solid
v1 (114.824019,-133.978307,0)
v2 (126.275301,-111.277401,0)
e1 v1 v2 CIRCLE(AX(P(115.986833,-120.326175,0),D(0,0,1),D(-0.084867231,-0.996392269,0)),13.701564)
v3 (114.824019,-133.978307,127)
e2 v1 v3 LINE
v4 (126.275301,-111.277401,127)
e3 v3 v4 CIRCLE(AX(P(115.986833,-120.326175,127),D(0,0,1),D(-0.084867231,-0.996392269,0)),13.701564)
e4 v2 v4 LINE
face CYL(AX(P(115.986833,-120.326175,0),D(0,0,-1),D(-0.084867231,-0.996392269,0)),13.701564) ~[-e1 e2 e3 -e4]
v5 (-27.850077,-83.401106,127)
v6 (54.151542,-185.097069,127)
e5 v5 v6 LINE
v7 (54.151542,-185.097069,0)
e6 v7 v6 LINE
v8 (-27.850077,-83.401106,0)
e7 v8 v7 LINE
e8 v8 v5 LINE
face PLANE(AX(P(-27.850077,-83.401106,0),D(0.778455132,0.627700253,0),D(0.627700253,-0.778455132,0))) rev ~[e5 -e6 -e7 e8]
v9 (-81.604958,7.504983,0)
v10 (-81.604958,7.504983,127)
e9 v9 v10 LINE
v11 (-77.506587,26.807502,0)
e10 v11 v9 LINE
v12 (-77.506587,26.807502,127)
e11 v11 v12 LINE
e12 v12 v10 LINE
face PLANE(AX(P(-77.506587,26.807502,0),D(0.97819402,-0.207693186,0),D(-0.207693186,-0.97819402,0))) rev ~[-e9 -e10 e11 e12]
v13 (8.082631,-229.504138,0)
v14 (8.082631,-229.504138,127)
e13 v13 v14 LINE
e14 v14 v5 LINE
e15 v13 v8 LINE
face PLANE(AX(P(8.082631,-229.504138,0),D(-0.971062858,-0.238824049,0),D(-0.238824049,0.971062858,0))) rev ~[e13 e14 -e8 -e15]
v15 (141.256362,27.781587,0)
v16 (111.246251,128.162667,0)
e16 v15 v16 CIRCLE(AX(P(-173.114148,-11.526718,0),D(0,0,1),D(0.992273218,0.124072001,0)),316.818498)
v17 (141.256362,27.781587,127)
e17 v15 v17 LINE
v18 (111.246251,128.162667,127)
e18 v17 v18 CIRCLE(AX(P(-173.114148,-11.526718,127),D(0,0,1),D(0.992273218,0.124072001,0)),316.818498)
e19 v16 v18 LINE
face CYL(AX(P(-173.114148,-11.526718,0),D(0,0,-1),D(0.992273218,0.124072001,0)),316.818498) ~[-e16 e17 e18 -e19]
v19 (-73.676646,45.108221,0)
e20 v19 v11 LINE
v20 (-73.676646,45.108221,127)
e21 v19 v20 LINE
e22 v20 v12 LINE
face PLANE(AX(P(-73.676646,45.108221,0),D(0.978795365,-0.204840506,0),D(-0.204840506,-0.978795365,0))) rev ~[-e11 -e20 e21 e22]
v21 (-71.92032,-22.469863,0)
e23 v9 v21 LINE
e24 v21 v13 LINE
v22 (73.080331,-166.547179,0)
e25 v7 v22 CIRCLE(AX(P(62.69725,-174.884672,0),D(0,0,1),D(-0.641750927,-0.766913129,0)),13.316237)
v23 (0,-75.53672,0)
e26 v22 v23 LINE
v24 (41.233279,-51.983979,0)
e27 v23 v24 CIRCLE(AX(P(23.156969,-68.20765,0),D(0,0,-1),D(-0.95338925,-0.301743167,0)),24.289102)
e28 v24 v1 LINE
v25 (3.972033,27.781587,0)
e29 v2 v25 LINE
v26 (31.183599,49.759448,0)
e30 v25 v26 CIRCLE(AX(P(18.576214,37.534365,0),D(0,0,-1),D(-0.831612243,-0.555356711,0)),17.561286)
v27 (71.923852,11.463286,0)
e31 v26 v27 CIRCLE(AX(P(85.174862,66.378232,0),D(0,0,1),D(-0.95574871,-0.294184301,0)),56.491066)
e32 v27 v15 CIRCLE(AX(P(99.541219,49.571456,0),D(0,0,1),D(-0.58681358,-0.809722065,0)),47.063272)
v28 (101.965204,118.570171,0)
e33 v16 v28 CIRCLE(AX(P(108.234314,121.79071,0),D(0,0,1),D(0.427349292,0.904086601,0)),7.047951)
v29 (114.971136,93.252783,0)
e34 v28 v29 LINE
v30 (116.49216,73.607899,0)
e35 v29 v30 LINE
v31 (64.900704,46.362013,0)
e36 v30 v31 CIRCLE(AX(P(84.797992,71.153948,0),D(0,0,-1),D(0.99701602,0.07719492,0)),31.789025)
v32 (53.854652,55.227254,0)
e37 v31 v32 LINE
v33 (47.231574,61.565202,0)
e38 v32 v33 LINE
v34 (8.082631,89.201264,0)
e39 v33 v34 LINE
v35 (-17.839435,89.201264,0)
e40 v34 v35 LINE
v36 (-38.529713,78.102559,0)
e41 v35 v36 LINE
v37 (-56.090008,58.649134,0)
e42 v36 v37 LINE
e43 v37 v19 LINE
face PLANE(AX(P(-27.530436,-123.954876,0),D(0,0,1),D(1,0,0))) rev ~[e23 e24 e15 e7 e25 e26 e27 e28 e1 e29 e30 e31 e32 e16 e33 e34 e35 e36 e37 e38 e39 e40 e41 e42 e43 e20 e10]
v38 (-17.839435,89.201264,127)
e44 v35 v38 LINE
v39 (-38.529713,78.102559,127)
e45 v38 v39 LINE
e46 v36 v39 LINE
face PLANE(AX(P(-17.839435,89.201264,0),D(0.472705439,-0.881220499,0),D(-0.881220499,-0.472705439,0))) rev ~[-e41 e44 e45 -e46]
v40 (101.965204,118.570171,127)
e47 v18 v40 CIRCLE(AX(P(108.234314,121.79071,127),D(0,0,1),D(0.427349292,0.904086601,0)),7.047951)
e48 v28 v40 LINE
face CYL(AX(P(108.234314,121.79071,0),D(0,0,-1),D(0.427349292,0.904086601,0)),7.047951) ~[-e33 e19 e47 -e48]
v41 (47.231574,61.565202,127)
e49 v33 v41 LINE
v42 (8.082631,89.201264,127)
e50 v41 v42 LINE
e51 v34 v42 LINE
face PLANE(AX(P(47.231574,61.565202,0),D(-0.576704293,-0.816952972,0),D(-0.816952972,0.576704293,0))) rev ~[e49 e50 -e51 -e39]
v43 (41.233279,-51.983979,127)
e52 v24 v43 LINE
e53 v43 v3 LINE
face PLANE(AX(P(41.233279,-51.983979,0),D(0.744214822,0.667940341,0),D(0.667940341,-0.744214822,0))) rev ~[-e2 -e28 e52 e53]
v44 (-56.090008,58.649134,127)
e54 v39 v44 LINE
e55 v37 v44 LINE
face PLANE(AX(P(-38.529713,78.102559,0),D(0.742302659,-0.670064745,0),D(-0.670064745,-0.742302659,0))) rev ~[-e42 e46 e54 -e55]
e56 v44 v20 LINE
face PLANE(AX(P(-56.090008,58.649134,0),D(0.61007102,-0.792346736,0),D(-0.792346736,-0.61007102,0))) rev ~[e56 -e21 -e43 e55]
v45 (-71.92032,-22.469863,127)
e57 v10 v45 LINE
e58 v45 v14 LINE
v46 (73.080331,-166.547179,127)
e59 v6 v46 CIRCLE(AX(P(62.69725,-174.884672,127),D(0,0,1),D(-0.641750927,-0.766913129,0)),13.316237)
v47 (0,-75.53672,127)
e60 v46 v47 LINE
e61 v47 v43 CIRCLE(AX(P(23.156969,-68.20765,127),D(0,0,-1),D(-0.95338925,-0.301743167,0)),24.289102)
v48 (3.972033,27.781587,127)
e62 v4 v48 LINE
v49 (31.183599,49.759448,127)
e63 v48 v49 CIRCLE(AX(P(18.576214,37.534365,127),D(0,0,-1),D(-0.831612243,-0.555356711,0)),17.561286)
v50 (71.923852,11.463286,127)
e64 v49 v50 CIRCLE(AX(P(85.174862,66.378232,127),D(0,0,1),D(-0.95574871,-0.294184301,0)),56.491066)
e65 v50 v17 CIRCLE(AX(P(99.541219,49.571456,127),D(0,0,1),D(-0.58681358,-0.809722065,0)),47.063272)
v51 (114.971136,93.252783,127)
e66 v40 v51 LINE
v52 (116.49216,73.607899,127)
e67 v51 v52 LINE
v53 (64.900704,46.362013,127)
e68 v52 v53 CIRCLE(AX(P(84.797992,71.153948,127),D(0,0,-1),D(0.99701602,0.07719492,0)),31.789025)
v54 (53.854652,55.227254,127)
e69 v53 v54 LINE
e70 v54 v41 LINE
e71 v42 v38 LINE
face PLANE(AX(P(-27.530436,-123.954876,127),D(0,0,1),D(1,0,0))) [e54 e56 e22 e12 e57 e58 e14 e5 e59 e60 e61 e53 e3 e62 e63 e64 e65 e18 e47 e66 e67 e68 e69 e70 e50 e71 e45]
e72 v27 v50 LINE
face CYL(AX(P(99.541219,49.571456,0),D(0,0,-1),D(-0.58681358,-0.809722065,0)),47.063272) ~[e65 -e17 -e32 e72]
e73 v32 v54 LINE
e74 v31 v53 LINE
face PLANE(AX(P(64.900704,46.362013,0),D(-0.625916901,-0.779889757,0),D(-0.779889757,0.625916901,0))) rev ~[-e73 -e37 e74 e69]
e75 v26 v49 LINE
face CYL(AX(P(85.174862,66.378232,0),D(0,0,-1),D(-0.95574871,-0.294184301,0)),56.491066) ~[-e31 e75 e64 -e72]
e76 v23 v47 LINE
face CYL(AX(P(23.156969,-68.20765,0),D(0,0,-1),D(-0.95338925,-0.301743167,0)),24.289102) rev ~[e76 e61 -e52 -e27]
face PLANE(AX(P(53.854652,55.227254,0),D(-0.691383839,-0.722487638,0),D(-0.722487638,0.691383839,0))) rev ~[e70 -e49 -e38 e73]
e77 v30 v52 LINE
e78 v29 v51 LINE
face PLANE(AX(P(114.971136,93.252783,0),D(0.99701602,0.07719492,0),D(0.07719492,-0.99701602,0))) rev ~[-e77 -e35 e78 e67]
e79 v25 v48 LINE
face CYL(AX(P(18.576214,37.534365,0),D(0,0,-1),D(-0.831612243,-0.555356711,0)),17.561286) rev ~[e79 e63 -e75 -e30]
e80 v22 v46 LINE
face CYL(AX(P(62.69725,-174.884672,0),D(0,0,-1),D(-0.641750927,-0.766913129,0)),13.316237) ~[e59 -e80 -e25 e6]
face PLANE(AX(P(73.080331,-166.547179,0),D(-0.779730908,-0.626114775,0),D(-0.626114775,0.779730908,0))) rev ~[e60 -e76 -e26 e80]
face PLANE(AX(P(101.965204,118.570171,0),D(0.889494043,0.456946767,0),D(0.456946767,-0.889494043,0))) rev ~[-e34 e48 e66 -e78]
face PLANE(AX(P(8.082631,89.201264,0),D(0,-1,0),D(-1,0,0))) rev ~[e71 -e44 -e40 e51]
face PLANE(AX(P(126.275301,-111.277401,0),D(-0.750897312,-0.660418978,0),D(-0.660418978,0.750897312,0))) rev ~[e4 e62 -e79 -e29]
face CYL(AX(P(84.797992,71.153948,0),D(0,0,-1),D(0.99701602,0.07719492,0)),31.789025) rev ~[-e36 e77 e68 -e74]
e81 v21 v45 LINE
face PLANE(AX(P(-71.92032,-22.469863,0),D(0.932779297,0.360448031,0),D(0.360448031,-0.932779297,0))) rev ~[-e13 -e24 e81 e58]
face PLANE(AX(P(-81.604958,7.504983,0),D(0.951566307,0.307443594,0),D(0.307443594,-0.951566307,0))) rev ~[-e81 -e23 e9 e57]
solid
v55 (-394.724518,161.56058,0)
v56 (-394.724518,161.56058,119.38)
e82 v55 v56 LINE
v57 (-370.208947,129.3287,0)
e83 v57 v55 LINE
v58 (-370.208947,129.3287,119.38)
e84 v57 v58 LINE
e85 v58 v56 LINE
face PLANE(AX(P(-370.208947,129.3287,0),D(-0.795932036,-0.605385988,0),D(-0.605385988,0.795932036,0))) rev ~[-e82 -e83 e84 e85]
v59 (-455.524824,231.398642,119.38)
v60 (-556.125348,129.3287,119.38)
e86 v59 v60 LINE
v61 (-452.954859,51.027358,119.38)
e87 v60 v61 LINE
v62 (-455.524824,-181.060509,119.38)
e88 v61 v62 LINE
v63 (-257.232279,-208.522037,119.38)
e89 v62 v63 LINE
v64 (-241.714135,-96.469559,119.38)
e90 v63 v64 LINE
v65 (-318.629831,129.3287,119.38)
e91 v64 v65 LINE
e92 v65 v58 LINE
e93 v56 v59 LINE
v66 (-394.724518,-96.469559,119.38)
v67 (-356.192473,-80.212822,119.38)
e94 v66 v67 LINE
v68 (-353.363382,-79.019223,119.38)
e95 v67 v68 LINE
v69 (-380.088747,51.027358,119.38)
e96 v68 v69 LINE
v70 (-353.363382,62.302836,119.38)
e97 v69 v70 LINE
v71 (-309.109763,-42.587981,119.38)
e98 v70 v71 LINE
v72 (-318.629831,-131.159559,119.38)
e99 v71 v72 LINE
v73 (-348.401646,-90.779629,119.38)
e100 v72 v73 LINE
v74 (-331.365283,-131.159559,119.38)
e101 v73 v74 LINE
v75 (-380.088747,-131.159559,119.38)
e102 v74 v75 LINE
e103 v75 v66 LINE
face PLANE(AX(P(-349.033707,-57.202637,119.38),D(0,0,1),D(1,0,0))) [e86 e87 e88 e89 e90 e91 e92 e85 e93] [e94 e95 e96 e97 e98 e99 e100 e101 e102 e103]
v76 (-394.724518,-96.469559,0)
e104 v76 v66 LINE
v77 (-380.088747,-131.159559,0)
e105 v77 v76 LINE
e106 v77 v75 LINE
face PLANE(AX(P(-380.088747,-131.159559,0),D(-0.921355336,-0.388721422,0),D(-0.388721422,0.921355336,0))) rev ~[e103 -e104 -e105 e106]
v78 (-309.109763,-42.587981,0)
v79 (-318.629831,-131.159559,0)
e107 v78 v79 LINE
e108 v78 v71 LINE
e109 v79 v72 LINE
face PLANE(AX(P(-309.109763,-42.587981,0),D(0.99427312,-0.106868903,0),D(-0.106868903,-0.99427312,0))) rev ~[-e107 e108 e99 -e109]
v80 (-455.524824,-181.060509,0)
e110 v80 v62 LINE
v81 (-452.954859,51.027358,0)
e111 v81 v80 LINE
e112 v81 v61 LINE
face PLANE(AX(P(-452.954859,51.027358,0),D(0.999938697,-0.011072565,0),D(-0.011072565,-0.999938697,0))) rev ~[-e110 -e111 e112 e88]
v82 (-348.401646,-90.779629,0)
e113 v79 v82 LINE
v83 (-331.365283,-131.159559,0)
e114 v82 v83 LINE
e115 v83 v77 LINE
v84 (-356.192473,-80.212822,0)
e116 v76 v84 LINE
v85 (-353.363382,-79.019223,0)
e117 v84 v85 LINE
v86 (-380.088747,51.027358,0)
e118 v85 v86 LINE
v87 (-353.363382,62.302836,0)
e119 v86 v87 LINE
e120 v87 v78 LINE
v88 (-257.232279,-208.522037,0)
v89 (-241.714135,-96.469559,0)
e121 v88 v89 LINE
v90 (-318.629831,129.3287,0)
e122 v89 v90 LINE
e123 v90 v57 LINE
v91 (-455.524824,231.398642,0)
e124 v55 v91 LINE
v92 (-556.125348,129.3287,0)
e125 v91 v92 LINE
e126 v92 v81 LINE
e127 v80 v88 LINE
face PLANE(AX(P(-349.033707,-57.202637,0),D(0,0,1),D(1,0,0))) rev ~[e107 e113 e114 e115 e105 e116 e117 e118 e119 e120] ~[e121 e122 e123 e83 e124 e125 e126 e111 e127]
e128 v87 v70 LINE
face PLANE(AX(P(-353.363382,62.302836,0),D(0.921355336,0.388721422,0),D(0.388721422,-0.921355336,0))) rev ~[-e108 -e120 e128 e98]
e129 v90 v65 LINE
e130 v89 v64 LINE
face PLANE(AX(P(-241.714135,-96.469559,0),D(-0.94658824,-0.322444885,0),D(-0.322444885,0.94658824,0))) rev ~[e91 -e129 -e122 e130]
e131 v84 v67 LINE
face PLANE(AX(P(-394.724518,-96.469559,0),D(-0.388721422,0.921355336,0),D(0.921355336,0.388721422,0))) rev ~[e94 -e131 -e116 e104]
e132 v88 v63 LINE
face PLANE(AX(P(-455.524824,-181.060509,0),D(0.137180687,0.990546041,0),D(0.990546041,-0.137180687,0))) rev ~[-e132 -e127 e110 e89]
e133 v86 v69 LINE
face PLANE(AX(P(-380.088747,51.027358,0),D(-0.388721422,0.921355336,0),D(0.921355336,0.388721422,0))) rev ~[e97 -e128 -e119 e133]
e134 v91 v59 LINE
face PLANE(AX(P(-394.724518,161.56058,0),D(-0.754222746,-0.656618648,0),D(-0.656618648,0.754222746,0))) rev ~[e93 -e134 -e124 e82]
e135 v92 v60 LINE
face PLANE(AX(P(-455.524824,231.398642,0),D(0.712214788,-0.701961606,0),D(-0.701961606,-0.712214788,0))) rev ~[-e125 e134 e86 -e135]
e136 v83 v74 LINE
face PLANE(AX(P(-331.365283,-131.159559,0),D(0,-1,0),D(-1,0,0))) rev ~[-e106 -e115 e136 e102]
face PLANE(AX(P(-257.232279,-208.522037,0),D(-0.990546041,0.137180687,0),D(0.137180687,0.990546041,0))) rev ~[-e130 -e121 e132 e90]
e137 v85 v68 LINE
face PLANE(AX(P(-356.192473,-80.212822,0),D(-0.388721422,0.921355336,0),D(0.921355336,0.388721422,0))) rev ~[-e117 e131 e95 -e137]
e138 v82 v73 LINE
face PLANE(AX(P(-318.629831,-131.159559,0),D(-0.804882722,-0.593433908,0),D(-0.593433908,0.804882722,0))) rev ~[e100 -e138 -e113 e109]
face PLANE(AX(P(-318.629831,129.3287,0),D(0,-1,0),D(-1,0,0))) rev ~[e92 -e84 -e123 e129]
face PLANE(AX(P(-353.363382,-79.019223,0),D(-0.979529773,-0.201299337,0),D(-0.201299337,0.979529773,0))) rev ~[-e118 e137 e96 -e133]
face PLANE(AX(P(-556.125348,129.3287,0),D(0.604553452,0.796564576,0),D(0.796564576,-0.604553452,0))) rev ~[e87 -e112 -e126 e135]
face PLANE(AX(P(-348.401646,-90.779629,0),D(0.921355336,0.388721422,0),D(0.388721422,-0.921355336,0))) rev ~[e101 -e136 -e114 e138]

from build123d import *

# Parameters (mm, degrees)
F1_DEPTH = 127
F3_DEPTH = 119.38


with BuildPart() as f1:
    # F0 (on Top) → F1 (new body)
    with BuildSketch(Plane.XY):
        Polygon((-27.8500765562, -83.401106298), (-71.9203203917, -22.4698632956), (8.0826310441, -229.5041382313), align=None)
        with BuildLine():
            Line((53.8546517491, 55.2272535861), (47.2315736115, 61.5652017295))
            Line((47.2315736115, 61.5652017295), (8.0826310441, 89.2012640834))
            Line((8.0826310441, 89.2012640834), (-17.839435488, 89.2012640834))
            Line((-17.839435488, 89.2012640834), (-38.5297127068, 78.1025588512))
            Line((-38.5297127068, 78.1025588512), (-56.0900084674, 58.6491338909))
            Line((-56.0900084674, 58.6491338909), (-73.6766457558, 45.1082214713))
            Line((-73.6766457558, 45.1082214713), (-77.5065869093, 26.8075019121))
            Line((-77.5065869093, 26.8075019121), (-81.6049575806, 7.5049828738))
            Line((-81.6049575806, 7.5049828738), (-71.9203203917, -22.4698632956))
            Line((-71.9203203917, -22.4698632956), (-27.8500765562, -83.401106298))
            Line((-27.8500765562, -83.401106298), (54.1515424848, -185.0970685482))
            ThreePointArc((54.1515424848, -185.0970685482), (72.0175815164, -184.3953802652), (73.0803310871, -166.5471792221))
            Line((73.0803310871, -166.5471792221), (0, -75.5367204547))
            ThreePointArc((0, -75.5367204547), (11.1097208547, -47.1167916073), (41.233278811, -51.9839785993))
            Line((41.233278811, -51.9839785993), (114.8240193725, -133.9783072472))
            ThreePointArc((114.8240193725, -133.9783072472), (128.2200736103, -126.4971300957), (126.2753009796, -111.2774014473))
            Line((126.2753009796, -111.2774014473), (3.9720330387, 27.7815870941))
            ThreePointArc((3.9720330387, 27.7815870941), (7.5420221765, 51.1961879787), (31.1835985631, 49.7594475746))
            ThreePointArc((31.1835985631, 49.7594475746), (46.4833923718, 25.2174412989), (71.9238519669, 11.4632863551))
            ThreePointArc((71.9238519669, 11.4632863551), (110.3235451888, 3.7599618386), (141.2563621998, 27.7815870941))
            ThreePointArc((141.2563621998, 27.7815870941), (130.4295318611, 79.2212570691), (111.2462505698, 128.1626671553))
            ThreePointArc((111.2462505698, 128.1626671553), (103.1691101765, 126.6914561874), (101.9652038813, 118.5701712966))
            Line((101.9652038813, 118.5701712966), (114.9711357639, 93.2527825431))
            Line((114.9711357639, 93.2527825431), (116.4921596646, 73.6078992486))
            ThreePointArc((116.4921596646, 73.6078992486), (99.6430644386, 43.0440571042), (64.9007037282, 46.3620126247))
            Line((64.9007037282, 46.3620126247), (53.8546517491, 55.2272535861))
        make_face()
    extrude(amount=F1_DEPTH)


with BuildPart() as f3:
    # F2 (on Top) → F3 (new body)
    with BuildSketch(Plane.XY):
        Polygon((-331.365283351, -131.1595588923), (-380.0887465477, -131.1595588923), (-394.7245180607, -96.4695587754), (-356.192472799, -80.2128217192), (-452.9548585415, 51.0273575783), (-455.5248241755, -181.0605089181), (-257.2322785854, -208.5220366716), (-241.7141348124, -96.4695587754), (-318.6298310757, 129.3286997427), (-370.2089465389, 129.3286997427), (-296.8273460865, 32.8501425683), (-318.6298310757, -131.1595588923), (-348.4016461166, -90.779629088), align=None)
        Polygon((-452.9548585415, 51.0273575783), (-356.192472799, -80.2128217192), (-353.3633818156, -79.0192233023), (-380.0887465477, 51.0273575783), (-353.3633818156, 62.3028355403), (-309.1097634535, -42.5879810995), (-318.6298310757, -131.1595588923), (-296.8273460865, 32.8501425683), (-370.2089465389, 129.3286997427), (-394.7245180607, 129.3286997427), (-410.4514699999, 131.7075745625), align=None)
        Polygon((-556.1253478328, 129.3286997427), (-452.9548585415, 51.0273575783), (-440.0733411312, 136.1882090569), (-410.4514699999, 131.7075745625), (-394.7245180607, 161.5605801344), (-455.5248241755, 231.3986420631), align=None)
        Polygon((-440.0733411312, 136.1882090569), (-452.9548585415, 51.0273575783), (-410.4514699999, 131.7075745625), align=None)
        Polygon((-394.7245180607, 161.5605801344), (-410.4514699999, 131.7075745625), (-394.7245180607, 129.3286997427), (-370.2089465389, 129.3286997427), align=None)
    extrude(amount=F3_DEPTH)


solid = Compound([f1.part, f3.part])
